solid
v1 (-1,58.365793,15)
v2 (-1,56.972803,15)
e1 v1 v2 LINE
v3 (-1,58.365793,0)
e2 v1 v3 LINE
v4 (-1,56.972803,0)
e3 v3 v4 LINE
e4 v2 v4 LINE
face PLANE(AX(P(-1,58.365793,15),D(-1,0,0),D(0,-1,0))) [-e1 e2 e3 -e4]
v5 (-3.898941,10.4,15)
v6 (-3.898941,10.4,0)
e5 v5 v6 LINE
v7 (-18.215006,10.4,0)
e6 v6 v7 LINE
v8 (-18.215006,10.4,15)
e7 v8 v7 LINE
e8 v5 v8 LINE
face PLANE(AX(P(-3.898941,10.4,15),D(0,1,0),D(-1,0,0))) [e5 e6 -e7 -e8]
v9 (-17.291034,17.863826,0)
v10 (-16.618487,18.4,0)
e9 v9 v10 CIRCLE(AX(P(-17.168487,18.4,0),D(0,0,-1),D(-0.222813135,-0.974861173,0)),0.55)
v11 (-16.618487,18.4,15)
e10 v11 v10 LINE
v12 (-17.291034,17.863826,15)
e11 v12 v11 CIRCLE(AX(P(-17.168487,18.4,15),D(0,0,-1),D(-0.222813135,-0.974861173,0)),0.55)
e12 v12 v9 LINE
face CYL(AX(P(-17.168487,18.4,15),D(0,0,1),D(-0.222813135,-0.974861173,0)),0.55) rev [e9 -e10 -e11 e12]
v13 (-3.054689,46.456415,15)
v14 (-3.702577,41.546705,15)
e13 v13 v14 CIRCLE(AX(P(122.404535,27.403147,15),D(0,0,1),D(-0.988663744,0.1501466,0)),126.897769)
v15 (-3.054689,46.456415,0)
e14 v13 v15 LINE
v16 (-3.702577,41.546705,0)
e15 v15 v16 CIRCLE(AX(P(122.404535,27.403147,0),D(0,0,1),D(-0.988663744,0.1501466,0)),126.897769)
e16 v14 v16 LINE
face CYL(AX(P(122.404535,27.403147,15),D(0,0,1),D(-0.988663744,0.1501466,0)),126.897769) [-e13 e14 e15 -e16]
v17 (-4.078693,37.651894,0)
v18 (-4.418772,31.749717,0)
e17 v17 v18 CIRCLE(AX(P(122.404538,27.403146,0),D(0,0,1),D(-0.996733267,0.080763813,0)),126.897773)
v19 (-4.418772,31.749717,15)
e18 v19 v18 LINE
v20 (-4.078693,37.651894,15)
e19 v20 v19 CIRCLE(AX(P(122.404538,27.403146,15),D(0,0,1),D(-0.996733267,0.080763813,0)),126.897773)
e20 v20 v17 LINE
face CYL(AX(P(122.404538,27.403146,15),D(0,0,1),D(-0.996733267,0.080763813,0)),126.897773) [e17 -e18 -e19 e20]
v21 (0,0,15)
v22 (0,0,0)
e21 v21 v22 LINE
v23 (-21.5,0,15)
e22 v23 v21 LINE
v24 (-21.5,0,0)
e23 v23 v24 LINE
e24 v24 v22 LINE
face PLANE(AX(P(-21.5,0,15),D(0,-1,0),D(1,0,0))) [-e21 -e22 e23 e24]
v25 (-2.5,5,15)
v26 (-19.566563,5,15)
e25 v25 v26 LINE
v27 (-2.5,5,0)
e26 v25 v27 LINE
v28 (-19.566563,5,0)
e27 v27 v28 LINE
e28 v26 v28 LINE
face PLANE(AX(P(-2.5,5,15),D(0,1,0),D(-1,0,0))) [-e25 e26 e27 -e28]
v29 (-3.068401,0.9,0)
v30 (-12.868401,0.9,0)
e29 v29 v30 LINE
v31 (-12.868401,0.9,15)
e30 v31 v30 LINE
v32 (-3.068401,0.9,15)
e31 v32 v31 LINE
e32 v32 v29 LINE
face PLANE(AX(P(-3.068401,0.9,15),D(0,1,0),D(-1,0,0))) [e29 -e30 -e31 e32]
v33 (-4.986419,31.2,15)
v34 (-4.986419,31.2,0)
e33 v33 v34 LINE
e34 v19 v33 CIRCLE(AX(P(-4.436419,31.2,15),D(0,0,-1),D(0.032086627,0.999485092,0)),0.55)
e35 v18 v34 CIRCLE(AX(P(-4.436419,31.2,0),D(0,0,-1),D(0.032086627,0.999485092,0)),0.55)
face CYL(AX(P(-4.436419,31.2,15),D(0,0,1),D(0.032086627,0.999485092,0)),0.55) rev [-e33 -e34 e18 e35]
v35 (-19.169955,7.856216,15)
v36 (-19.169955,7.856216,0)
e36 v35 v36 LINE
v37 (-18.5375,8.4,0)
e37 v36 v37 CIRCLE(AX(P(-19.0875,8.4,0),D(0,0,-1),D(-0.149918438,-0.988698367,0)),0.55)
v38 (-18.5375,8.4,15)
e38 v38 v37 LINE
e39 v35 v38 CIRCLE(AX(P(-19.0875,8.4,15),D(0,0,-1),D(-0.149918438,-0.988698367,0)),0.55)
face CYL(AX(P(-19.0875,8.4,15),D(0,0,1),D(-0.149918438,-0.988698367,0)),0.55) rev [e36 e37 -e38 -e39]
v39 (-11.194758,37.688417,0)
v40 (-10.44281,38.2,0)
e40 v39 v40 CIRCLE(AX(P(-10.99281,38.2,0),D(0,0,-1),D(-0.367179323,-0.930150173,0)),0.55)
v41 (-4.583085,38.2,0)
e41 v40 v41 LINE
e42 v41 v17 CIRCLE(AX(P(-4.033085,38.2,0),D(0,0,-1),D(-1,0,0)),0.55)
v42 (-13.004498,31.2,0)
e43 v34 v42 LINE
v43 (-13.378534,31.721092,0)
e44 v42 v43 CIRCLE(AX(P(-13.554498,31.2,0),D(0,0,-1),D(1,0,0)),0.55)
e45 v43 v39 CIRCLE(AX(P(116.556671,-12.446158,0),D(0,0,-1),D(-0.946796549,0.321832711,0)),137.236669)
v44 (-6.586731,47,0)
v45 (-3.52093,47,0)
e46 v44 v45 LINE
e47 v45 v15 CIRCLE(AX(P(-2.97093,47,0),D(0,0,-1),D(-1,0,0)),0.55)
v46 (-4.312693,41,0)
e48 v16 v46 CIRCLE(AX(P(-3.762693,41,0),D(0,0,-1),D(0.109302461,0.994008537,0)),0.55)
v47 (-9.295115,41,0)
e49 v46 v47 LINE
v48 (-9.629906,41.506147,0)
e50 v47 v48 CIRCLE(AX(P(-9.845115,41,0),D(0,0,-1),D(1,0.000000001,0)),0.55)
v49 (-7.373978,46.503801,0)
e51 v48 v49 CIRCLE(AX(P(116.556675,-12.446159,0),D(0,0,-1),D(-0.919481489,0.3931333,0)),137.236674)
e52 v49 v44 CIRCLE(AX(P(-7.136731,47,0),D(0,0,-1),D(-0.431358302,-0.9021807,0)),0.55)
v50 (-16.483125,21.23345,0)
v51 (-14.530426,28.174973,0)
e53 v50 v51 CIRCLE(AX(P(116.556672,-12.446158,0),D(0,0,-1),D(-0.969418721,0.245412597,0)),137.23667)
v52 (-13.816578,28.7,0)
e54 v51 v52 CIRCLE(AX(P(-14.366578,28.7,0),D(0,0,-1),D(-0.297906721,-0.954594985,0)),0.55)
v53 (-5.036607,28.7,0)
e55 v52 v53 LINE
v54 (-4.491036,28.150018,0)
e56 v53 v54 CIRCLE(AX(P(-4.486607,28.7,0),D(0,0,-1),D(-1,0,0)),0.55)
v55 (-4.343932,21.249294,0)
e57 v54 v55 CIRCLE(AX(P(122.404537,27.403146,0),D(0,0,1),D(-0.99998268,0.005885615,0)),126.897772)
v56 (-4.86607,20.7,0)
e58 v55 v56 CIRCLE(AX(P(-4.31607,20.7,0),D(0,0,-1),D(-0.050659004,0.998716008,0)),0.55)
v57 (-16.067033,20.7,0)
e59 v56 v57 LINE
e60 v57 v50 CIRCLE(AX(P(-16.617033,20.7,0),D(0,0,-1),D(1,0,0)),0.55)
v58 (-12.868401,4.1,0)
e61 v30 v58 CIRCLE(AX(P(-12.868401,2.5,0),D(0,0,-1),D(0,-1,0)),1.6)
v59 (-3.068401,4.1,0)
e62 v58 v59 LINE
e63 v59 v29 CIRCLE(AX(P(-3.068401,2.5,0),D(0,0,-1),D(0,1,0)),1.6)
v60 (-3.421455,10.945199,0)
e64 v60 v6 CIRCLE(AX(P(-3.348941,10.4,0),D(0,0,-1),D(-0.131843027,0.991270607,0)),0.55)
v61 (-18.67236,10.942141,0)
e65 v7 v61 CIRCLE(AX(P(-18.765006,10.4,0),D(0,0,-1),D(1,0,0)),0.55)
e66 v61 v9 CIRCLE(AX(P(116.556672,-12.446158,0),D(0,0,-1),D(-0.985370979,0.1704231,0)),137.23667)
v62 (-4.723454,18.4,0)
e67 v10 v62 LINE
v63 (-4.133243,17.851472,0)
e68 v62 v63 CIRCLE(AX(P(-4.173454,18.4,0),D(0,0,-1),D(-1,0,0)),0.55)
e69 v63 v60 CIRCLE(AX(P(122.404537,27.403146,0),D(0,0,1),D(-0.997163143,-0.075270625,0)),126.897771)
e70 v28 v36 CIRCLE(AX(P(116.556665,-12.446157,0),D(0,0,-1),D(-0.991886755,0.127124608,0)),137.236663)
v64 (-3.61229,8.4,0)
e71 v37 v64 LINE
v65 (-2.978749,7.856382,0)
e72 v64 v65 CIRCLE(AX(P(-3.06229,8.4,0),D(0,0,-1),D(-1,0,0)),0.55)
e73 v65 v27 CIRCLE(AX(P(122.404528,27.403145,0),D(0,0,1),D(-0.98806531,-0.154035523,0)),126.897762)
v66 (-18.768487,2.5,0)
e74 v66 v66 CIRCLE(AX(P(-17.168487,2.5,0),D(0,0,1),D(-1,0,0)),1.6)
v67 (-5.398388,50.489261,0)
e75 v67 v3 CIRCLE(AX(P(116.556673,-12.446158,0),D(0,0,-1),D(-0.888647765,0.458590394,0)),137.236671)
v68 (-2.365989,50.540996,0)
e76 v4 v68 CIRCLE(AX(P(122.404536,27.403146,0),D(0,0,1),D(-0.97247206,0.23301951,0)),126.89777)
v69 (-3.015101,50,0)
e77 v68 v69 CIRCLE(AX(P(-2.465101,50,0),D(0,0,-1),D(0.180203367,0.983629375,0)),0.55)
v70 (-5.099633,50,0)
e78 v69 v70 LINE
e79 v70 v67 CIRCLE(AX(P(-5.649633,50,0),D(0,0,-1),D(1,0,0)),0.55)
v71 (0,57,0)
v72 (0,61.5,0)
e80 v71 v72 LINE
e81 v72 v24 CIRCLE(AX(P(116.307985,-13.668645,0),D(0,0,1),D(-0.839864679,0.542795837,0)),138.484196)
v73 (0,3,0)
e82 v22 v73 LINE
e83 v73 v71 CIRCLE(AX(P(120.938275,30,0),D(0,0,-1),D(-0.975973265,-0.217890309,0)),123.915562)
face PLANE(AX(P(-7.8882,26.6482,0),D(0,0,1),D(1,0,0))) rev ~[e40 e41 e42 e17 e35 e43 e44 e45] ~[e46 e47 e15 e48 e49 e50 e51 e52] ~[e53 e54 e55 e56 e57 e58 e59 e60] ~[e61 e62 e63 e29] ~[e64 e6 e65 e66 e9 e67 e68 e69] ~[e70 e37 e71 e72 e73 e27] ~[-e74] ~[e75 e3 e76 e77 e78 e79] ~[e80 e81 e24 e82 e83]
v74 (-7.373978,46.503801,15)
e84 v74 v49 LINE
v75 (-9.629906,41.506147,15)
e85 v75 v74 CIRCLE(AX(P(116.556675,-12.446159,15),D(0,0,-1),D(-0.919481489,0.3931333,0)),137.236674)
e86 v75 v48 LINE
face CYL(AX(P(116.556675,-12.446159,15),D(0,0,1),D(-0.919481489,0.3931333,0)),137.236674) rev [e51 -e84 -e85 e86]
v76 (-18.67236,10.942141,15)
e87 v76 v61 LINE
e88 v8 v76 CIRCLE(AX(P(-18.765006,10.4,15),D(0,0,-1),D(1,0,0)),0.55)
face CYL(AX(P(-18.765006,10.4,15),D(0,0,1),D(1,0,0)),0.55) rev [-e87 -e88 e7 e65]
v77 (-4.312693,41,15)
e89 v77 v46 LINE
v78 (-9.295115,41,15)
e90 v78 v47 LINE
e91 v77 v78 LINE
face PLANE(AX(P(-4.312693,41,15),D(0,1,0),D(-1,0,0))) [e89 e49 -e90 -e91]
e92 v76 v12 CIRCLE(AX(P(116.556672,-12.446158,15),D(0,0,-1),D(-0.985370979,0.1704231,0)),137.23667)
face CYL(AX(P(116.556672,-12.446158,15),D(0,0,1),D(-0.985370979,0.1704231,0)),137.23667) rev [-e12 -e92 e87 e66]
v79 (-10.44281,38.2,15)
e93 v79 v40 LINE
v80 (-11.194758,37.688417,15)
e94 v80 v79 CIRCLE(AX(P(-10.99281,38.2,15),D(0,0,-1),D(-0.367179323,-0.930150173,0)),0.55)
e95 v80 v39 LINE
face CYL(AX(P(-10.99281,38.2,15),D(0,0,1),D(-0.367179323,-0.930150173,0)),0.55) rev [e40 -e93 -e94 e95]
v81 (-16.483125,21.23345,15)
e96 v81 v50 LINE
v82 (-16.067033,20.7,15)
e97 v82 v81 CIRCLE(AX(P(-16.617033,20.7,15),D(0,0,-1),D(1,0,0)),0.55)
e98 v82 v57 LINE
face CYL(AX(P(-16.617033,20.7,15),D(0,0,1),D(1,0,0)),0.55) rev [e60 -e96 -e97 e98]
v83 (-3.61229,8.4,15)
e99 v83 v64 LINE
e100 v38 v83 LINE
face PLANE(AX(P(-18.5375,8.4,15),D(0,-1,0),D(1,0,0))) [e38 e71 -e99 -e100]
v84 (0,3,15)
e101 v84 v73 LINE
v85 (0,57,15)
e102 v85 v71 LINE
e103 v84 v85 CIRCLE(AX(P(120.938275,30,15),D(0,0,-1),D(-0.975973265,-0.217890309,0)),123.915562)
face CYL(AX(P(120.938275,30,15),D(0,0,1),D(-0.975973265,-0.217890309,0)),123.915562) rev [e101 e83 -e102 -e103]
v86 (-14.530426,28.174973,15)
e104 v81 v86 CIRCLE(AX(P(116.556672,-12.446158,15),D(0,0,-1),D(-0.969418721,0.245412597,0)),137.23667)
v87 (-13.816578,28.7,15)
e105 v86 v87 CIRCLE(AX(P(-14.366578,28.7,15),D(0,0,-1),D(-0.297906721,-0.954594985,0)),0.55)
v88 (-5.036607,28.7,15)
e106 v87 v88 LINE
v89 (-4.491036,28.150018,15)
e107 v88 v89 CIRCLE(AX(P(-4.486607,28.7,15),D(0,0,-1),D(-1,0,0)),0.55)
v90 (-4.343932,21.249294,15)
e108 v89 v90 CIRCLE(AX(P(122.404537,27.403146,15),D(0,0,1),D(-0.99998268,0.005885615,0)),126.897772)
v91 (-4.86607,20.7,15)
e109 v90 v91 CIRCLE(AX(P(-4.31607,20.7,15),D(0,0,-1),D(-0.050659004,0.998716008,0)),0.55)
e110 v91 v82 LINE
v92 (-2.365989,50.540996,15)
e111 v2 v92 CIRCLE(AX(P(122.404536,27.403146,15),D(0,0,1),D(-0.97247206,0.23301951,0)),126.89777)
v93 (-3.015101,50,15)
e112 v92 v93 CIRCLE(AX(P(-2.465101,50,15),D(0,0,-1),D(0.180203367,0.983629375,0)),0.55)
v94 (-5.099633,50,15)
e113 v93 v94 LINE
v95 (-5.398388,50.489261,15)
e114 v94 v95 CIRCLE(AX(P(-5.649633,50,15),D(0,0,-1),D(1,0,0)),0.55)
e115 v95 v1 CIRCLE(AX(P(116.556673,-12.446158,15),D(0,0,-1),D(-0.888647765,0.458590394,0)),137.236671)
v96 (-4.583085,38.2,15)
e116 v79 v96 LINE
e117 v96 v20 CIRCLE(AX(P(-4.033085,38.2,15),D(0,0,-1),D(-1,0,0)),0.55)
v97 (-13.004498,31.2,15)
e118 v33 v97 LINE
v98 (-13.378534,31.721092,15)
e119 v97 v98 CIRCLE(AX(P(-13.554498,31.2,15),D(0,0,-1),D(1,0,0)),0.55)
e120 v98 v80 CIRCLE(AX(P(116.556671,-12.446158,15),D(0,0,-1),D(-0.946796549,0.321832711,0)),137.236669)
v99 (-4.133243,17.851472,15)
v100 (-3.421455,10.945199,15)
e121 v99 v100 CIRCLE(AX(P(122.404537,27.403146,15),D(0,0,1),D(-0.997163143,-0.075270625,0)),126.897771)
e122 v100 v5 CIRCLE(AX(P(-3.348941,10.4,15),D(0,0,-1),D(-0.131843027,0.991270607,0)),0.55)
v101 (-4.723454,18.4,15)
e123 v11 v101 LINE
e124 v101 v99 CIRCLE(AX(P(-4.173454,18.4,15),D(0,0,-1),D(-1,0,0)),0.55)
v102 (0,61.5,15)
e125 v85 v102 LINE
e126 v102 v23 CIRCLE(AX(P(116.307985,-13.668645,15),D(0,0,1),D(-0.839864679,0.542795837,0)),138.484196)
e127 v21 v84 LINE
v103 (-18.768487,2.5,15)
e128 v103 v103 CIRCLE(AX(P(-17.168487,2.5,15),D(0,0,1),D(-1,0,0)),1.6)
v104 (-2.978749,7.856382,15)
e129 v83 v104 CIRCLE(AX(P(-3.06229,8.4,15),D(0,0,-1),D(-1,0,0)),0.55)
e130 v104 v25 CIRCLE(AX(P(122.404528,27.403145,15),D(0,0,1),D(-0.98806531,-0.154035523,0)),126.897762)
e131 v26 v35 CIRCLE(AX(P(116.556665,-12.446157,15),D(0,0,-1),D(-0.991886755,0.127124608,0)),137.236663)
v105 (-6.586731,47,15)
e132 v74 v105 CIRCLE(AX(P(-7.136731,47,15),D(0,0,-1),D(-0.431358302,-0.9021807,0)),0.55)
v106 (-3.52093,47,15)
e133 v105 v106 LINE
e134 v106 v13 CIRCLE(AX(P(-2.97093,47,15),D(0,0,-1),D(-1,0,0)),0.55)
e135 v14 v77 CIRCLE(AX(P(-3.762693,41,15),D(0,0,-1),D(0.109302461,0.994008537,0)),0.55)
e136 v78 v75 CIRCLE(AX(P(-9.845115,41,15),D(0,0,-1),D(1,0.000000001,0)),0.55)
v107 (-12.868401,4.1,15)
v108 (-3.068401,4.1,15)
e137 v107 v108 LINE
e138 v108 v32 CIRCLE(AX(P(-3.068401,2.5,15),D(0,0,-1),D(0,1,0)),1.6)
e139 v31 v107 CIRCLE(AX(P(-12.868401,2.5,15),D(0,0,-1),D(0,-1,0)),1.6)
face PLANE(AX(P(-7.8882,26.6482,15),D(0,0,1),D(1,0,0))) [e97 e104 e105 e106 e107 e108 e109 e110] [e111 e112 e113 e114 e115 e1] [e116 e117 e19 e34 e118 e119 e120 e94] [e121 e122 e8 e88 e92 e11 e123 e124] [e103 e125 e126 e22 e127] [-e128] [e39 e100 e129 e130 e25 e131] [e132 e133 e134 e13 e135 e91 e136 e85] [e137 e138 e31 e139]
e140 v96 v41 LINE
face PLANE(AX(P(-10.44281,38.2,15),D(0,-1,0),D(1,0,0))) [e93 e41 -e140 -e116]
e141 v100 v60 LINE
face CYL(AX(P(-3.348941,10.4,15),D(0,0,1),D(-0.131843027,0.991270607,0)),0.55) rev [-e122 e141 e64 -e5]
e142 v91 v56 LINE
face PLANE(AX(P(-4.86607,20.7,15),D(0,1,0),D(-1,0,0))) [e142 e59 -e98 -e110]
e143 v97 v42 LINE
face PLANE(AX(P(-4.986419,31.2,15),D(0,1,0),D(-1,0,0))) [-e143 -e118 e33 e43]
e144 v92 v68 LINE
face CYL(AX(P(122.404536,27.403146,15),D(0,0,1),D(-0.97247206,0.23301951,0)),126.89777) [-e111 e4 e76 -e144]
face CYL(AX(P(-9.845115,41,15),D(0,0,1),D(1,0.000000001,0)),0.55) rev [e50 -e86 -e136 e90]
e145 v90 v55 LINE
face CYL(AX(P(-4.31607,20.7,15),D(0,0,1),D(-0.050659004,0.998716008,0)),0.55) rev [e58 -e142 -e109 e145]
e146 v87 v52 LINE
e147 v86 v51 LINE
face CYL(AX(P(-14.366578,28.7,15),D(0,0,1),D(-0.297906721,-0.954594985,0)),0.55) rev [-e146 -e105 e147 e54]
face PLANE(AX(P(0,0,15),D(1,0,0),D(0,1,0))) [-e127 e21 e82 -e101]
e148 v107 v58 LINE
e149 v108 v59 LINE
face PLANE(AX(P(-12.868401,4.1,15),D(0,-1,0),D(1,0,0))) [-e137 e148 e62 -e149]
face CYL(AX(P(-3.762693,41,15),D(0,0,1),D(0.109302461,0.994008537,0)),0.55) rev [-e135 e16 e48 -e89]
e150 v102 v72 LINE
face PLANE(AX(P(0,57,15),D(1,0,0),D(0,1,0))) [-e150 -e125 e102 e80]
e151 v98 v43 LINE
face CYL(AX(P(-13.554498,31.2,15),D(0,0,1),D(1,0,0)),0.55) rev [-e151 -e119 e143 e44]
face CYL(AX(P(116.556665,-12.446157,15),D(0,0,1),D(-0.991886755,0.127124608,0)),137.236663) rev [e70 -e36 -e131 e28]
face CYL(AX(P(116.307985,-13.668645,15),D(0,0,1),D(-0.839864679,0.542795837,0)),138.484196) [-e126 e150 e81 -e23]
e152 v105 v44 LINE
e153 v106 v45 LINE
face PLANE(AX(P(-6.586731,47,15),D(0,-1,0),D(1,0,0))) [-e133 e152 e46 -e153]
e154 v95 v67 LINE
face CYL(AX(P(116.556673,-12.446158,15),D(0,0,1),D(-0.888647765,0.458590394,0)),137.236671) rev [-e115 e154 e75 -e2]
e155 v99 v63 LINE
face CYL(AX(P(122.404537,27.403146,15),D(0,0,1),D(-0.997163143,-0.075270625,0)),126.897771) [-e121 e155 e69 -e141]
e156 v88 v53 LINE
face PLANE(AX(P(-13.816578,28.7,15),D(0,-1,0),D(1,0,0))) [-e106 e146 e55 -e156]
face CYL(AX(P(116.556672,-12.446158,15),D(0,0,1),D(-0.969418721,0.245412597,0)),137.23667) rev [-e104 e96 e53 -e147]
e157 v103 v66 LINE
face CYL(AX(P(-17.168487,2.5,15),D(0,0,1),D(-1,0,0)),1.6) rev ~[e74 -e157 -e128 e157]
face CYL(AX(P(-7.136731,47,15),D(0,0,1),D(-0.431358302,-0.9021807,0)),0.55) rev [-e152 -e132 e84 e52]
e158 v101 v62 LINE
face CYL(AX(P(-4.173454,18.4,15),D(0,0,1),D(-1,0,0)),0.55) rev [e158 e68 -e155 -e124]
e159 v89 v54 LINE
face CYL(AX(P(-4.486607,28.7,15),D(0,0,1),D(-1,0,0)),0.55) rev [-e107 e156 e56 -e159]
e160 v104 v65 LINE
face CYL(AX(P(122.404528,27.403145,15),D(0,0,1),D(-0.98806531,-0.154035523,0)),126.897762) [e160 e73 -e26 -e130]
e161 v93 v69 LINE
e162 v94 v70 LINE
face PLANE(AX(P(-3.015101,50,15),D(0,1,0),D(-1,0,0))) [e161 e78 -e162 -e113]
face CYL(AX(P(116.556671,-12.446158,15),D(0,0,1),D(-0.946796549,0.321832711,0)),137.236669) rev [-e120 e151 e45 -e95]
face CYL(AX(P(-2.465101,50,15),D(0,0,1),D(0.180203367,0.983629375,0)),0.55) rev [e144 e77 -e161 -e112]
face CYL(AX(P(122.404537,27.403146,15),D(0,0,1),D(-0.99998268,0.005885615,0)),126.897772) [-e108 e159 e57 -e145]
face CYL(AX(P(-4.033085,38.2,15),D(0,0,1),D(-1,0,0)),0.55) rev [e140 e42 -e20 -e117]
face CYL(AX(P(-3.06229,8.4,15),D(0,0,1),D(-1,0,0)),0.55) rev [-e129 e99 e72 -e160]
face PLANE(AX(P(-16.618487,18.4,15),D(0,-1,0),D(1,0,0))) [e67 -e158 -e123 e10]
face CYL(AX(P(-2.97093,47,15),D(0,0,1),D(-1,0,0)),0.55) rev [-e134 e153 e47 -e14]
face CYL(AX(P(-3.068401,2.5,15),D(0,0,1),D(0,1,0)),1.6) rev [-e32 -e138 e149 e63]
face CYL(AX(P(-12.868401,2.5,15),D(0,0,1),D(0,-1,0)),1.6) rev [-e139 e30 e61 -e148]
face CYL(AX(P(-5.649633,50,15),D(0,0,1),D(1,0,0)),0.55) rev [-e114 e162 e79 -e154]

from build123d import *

# Parameters (mm, degrees)
ESQUISSE1_R        = 1.6
BOSS_EXTRU_1_DEPTH = 15


with BuildPart() as part:
    # Esquisse1 → Boss.-Extru.1 (new body)
    with BuildSketch(Plane.XY.offset(15)):
        with BuildLine():
            Line((0, 57), (0, 61.5))
            ThreePointArc((0, 61.5), (-14.418041681, 32.032323515), (-21.5, 0))
            Line((-21.5, 0), (0, 0))
            Line((0, 0), (0, 3))
            ThreePointArc((0, 3), (-2.977286407, 30), (0, 57))
        make_face()
        with Locations(Location((-17.168486885, 2.5, 0), (0, 0, 180))):
            Circle(ESQUISSE1_R, mode=Mode.SUBTRACT)
        with BuildLine():
            Line((-4.312692911, 41), (-9.295115102, 41))
            ThreePointArc((-9.295115102, 41), (-10.303844451, 40.696573922), (-9.629905592, 41.50614708))
            ThreePointArc((-9.629905592, 41.50614708), (-8.526904057, 44.016241784), (-7.373977837, 46.503800615))
            ThreePointArc((-7.373977837, 46.503800615), (-7.430000368, 47.465288022), (-6.586730771, 47))
            Line((-6.586730771, 47), (-3.520929736, 47))
            ThreePointArc((-3.520929736, 47), (-2.553456769, 47.358073068), (-3.054688564, 46.456415178))
            ThreePointArc((-3.054688564, 46.456415178), (-3.40258545, 44.004720773), (-3.702576558, 41.546704695))
            ThreePointArc((-3.702576558, 41.546704695), (-3.3956534, 40.590387992), (-4.312692911, 41))
        make_face(mode=Mode.SUBTRACT)
        with BuildLine():
            Line((-10.442809639, 38.2), (-4.583085107, 38.2))
            ThreePointArc((-4.583085107, 38.2), (-3.628372615, 38.572434959), (-4.078693111, 37.651894253))
            ThreePointArc((-4.078693111, 37.651894253), (-4.283108767, 34.702786262), (-4.418771813, 31.7497168))
            ThreePointArc((-4.418771813, 31.7497168), (-4.053800983, 30.804901148), (-4.986419458, 31.2))
            Line((-4.986419458, 31.2), (-13.004497683, 31.2))
            ThreePointArc((-13.004497683, 31.2), (-14.001308767, 30.879282281), (-13.378533522, 31.721091752))
            ThreePointArc((-13.378533522, 31.721091752), (-12.321188046, 34.717395466), (-11.194758267, 37.688417405))
            ThreePointArc((-11.194758267, 37.688417405), (-11.302186638, 38.654737147), (-10.442809639, 38.2))
        make_face(mode=Mode.SUBTRACT)
        with BuildLine():
            Line((-3.015101171, 50), (-5.099632839, 50))
            ThreePointArc((-5.099632839, 50), (-6.119039194, 49.7133684), (-5.398388017, 50.489260707))
            ThreePointArc((-5.398388017, 50.489260707), (-3.263933011, 54.463678409), (-1, 58.365793421))
            Line((-1, 58.365793421), (-1, 56.97280273))
            ThreePointArc((-1, 56.97280273), (-1.724659998, 53.765748342), (-2.365989319, 50.540996156))
            ThreePointArc((-2.365989319, 50.540996156), (-2.112973011, 49.577500581), (-3.015101171, 50))
        make_face(mode=Mode.SUBTRACT)
        with BuildLine():
            Line((-3.89894146, 10.4), (-18.215006404, 10.4))
            ThreePointArc((-18.215006404, 10.4), (-19.185396456, 10.045356229), (-18.672359875, 10.942140776))
            ThreePointArc((-18.672359875, 10.942140776), (-18.026202705, 14.411865345), (-17.291034109, 17.863826355))
            ThreePointArc((-17.291034109, 17.863826355), (-17.51134183, 18.830058701), (-16.618486885, 18.4))
            Line((-16.618486885, 18.4), (-4.723453535, 18.4))
            ThreePointArc((-4.723453535, 18.4), (-3.799031061, 18.802874436), (-4.133243311, 17.851471844))
            ThreePointArc((-4.133243311, 17.851471844), (-3.82459023, 14.393466491), (-3.421455125, 10.945198834))
            ThreePointArc((-3.421455125, 10.945198834), (-2.935188807, 10.037634519), (-3.89894146, 10.4))
        make_face(mode=Mode.SUBTRACT)
        with BuildLine():
            Line((-13.816577523, 28.7), (-5.036607306, 28.7))
            ThreePointArc((-5.036607306, 28.7), (-4.096135841, 29.087339689), (-4.491036271, 28.150017833))
            ThreePointArc((-4.491036271, 28.150017833), (-4.464411374, 24.698655463), (-4.343932147, 21.249293805))
            ThreePointArc((-4.343932147, 21.249293805), (-3.917431797, 20.321070157), (-4.866069695, 20.7))
            Line((-4.866069695, 20.7), (-16.067033334, 20.7))
            ThreePointArc((-16.067033334, 20.7), (-17.050709214, 20.361732013), (-16.483125083, 21.233449698))
            ThreePointArc((-16.483125083, 21.233449698), (-15.552375348, 24.717038741), (-14.53042622, 28.174972758))
            ThreePointArc((-14.53042622, 28.174972758), (-14.692448063, 29.143067028), (-13.816577523, 28.7))
        make_face(mode=Mode.SUBTRACT)
        with BuildLine():
            Line((-18.53749956, 8.4), (-3.612290325, 8.4))
            ThreePointArc((-3.612290325, 8.4), (-2.704133874, 8.817401433), (-2.978748665, 7.85638176))
            ThreePointArc((-2.978748665, 7.85638176), (-2.747523602, 6.426825008), (-2.5, 5))
            Line((-2.5, 5), (-19.566563167, 5))
            ThreePointArc((-19.566563167, 5), (-19.375761002, 6.429149671), (-19.169954701, 7.856215898))
            ThreePointArc((-19.169954701, 7.856215898), (-19.446072894, 8.81704336), (-18.53749956, 8.4))
        make_face(mode=Mode.SUBTRACT)
        with BuildLine():
            Line((-3.068400716, 0.9), (-12.868400716, 0.9))
            ThreePointArc((-12.868400716, 0.9), (-14.468400716, 2.5), (-12.868400716, 4.1))
            Line((-12.868400716, 4.1), (-3.068400716, 4.1))
            ThreePointArc((-3.068400716, 4.1), (-1.468400716, 2.5), (-3.068400716, 0.9))
        make_face(mode=Mode.SUBTRACT)
    extrude(amount=-BOSS_EXTRU_1_DEPTH)


solid = part.part
